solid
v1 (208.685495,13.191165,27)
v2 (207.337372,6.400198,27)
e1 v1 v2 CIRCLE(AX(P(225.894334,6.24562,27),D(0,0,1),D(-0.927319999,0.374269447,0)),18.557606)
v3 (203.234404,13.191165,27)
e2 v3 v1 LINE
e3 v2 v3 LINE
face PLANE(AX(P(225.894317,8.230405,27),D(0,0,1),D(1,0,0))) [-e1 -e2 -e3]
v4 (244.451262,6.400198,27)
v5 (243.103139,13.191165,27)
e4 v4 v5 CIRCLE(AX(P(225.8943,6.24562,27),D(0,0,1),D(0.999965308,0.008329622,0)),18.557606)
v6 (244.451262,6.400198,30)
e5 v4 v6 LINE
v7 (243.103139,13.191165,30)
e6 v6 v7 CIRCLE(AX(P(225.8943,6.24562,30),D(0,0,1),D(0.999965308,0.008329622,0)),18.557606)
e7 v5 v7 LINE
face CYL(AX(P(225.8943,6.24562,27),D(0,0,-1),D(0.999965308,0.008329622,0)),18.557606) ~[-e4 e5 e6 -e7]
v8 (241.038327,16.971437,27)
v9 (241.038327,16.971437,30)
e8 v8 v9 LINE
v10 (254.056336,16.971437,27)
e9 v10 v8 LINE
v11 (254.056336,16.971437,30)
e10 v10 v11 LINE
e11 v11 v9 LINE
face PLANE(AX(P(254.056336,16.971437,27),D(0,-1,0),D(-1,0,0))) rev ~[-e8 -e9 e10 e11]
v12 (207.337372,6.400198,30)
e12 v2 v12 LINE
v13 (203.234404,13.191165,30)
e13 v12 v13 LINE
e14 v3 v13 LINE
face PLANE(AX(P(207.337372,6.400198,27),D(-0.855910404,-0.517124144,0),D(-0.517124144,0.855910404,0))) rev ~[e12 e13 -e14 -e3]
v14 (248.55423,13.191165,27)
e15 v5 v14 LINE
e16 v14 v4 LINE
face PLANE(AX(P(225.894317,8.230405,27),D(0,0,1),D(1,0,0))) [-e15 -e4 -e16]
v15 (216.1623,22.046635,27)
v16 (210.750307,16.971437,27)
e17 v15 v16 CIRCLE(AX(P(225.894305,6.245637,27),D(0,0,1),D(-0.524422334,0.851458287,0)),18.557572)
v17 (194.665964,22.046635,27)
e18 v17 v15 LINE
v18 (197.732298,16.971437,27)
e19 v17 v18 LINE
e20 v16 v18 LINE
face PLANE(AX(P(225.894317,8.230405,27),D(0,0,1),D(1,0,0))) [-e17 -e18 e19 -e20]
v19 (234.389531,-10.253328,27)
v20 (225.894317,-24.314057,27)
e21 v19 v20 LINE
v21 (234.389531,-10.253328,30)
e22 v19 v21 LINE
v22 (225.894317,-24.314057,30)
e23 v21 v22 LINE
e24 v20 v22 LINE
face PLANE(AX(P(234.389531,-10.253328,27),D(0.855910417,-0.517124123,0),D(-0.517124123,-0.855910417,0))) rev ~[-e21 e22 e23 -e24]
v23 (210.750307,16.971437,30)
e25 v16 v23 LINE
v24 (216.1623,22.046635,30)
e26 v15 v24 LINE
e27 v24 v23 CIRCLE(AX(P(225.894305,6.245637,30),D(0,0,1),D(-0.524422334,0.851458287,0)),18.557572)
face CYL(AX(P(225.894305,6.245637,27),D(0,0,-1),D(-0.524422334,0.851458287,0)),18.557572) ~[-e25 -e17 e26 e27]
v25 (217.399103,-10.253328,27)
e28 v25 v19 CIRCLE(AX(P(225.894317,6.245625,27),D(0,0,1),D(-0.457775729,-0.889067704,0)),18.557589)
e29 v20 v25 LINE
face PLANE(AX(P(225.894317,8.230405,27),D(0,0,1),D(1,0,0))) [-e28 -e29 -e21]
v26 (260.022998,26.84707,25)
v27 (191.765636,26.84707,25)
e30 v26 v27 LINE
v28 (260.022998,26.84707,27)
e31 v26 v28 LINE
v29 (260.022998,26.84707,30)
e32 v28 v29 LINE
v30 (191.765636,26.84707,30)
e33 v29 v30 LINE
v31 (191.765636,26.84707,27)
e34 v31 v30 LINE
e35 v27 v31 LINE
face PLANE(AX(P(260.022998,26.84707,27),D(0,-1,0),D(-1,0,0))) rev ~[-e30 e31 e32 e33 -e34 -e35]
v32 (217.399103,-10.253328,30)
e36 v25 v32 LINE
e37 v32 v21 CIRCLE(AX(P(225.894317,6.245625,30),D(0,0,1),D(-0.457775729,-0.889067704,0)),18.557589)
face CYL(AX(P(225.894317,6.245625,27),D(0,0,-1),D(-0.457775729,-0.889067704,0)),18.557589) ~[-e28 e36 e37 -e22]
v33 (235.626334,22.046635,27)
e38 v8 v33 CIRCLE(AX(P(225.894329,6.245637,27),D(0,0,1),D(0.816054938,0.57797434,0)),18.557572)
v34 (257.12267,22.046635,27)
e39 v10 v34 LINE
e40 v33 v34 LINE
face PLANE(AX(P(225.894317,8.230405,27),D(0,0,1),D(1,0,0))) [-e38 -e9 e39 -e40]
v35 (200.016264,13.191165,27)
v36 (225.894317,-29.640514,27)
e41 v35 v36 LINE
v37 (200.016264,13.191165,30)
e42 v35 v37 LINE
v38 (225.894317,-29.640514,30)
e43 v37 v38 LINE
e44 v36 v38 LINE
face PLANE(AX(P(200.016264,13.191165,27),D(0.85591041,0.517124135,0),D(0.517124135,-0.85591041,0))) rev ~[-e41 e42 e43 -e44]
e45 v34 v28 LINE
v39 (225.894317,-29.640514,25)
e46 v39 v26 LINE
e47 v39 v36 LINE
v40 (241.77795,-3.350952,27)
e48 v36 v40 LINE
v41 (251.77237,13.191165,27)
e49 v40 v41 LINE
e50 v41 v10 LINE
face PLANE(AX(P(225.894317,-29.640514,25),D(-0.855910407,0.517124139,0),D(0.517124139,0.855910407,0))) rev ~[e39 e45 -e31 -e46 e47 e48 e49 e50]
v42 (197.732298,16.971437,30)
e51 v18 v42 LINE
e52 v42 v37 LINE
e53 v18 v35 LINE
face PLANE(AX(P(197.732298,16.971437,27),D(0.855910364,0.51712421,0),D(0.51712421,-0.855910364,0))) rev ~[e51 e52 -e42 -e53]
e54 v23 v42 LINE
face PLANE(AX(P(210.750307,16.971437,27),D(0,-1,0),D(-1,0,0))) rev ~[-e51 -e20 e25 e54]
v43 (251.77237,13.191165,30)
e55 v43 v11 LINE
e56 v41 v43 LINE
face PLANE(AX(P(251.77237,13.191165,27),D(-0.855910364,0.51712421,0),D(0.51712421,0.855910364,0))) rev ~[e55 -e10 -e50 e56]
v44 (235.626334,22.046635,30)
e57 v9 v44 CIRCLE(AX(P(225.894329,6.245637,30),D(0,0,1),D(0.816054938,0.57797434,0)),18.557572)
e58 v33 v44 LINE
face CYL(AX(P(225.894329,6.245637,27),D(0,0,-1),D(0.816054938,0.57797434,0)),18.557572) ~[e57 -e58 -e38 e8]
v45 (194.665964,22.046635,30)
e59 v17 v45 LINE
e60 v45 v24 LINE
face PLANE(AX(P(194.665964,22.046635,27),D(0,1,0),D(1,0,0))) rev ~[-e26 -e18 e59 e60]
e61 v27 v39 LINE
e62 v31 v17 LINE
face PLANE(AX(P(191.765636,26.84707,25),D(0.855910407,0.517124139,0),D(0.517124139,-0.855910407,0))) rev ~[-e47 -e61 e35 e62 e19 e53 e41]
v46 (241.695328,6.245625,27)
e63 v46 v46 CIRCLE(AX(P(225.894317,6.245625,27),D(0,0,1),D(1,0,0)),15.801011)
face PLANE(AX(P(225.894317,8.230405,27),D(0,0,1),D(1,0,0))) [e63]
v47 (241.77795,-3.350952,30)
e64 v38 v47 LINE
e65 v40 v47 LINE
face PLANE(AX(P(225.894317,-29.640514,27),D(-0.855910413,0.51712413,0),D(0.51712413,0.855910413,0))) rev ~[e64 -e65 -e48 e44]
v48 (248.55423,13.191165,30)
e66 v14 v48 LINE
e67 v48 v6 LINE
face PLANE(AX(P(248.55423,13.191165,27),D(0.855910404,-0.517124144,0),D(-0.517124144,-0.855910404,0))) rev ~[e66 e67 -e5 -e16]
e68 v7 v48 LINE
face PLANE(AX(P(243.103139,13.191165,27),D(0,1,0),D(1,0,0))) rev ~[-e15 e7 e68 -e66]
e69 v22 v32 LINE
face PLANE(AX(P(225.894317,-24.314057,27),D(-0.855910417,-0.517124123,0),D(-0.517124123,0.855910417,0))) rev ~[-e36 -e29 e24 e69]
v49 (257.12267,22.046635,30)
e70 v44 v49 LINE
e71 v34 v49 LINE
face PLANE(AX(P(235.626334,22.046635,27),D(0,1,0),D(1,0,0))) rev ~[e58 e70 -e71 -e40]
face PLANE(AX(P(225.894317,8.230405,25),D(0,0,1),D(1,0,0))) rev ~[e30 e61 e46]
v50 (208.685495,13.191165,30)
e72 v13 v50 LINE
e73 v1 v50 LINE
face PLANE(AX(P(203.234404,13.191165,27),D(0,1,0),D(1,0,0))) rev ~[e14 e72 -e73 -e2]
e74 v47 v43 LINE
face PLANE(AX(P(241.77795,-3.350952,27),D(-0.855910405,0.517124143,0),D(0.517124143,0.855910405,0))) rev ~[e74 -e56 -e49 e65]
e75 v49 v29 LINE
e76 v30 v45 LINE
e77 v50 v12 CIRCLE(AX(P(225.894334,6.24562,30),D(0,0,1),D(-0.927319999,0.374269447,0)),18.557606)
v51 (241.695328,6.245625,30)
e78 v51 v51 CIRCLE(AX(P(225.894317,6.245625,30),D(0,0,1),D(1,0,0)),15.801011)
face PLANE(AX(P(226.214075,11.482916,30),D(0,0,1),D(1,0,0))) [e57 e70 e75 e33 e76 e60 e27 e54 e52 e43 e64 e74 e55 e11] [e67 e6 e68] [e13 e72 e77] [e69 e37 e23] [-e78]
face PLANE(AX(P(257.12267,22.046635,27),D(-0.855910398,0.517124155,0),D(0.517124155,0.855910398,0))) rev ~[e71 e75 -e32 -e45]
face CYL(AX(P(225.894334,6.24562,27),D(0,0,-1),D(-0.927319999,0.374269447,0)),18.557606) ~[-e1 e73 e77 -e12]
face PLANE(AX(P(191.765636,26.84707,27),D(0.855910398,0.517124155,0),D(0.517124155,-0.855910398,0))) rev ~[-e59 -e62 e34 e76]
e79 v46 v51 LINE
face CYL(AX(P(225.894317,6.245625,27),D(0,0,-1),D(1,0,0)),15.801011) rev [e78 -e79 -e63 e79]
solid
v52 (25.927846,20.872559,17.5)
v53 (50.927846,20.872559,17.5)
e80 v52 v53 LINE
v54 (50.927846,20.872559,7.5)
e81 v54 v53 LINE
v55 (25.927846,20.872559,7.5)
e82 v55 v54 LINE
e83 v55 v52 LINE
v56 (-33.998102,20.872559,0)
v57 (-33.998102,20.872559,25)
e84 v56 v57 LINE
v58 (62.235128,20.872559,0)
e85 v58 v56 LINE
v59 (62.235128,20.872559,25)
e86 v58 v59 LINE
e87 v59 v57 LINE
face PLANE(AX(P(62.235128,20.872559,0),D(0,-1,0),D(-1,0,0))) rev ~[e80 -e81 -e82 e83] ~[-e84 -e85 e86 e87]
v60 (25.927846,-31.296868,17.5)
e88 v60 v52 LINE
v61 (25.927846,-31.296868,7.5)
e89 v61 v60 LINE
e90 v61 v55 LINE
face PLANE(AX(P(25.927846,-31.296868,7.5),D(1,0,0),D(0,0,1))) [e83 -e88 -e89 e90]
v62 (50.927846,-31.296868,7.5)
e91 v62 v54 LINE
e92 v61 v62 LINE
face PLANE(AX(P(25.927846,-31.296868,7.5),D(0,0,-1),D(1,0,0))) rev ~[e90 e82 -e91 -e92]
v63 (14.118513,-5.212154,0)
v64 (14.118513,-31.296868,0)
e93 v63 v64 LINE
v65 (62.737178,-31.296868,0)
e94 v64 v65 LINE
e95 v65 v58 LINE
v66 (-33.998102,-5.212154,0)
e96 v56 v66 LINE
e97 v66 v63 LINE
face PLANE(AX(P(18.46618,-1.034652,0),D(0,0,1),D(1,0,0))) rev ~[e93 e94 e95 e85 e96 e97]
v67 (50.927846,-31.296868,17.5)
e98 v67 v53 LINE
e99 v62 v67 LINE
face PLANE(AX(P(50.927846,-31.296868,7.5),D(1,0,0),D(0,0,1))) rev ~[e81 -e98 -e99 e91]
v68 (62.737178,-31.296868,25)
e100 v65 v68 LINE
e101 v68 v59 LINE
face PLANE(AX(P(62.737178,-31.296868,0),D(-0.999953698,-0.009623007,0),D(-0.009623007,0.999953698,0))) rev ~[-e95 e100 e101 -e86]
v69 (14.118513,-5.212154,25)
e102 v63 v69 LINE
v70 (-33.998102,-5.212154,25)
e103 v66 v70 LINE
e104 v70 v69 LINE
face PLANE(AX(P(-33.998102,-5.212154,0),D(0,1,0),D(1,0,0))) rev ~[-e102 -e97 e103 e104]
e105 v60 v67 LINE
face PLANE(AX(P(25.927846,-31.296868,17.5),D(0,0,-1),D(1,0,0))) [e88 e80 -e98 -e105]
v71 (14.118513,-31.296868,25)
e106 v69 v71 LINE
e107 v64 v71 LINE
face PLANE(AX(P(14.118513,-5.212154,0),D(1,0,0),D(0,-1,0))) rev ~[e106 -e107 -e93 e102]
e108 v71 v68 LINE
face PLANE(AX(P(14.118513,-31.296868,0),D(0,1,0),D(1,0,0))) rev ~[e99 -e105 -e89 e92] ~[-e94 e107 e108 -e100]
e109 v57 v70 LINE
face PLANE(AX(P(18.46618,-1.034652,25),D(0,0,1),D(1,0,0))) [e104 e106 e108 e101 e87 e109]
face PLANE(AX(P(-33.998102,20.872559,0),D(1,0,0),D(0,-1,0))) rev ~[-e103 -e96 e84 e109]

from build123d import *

# Parameters (mm, degrees)
F1_DEPTH = 25
F2_W     = 25
F2_H     = 10
F3_DEPTH = 52.170427
F5_DEPTH = 2
F6_R     = 15.801011
F7_DEPTH = 3


with BuildPart() as f1:
    # F0 (on Top) → F1 (new body)
    with BuildSketch(Plane.XY):
        Polygon((62.235128, 20.872559), (-33.998102, 20.872559), (-33.998102, -5.212154), (14.118513, -5.212154), (14.118513, -31.296868), (62.737178, -31.296868), align=None)
    extrude(amount=F1_DEPTH)

    # F2 (on face) → F3 (cut, through all)
    with BuildSketch(Plane.XZ.offset(31.296868)):
        with Locations((38.427846, 12.5)):
            Rectangle(F2_W, F2_H)
    extrude(amount=-F3_DEPTH, mode=Mode.SUBTRACT)


with BuildPart() as f5:
    # F4 (on face) → F5 (new body)
    with BuildSketch(Plane.XY.offset(25)):
        Polygon((191.765636, 26.84707), (225.894317, -29.640514), (260.022998, 26.84707), (225.894317, 26.84707), align=None)
    extrude(amount=F5_DEPTH)

    # F6 (on face) → F7 (join)
    with BuildSketch(Plane.XY.offset(27)):
        with BuildLine():
            Line((260.022998, 26.84707), (191.765636, 26.84707))
            Line((191.765636, 26.84707), (194.665964, 22.046635))
            Line((194.665964, 22.046635), (216.1623, 22.046635))
            ThreePointArc((216.1623, 22.046635), (213.200082, 19.78226), (210.750307, 16.971437))
            Line((210.750307, 16.971437), (197.732298, 16.971437))
            Line((197.732298, 16.971437), (200.016264, 13.191165))
            Line((200.016264, 13.191165), (225.894317, -29.640514))
            Line((225.894317, -29.640514), (241.77795, -3.350952))
            ThreePointArc((241.77795, -3.350952), (243.791512, 1.339047), (244.451262, 6.400198))
            ThreePointArc((244.451262, 6.400198), (244.096702, 9.859108), (243.103139, 13.191165))
            Line((243.103139, 13.191165), (248.55423, 13.191165))
            Line((248.55423, 13.191165), (251.77237, 13.191165))
            Line((251.77237, 13.191165), (254.056336, 16.971437))
            Line((254.056336, 16.971437), (241.038327, 16.971437))
            ThreePointArc((241.038327, 16.971437), (238.588552, 19.78226), (235.626334, 22.046635))
            Line((235.626334, 22.046635), (257.12267, 22.046635))
            Line((257.12267, 22.046635), (260.022998, 26.84707))
        make_face()
        with BuildLine():
            ThreePointArc((217.399103, -10.253328), (225.894317, -12.311964), (234.389531, -10.253328))
            Line((234.389531, -10.253328), (225.894317, -24.314057))
            Line((225.894317, -24.314057), (217.399103, -10.253328))
        make_face(mode=Mode.SUBTRACT)
        with BuildLine():
            Line((207.337372, 6.400198), (203.234404, 13.191165))
            Line((203.234404, 13.191165), (208.685495, 13.191165))
            ThreePointArc((208.685495, 13.191165), (207.691932, 9.859108), (207.337372, 6.400198))
        make_face(mode=Mode.SUBTRACT)
        with Locations((225.894317, 6.245625)):
            Circle(F6_R, mode=Mode.SUBTRACT)
        with BuildLine():
            Line((241.77795, -3.350952), (251.77237, 13.191165))
            Line((251.77237, 13.191165), (248.55423, 13.191165))
            Line((248.55423, 13.191165), (244.451262, 6.400198))
            ThreePointArc((244.451262, 6.400198), (243.791512, 1.339047), (241.77795, -3.350952))
        make_face()
    extrude(amount=F7_DEPTH)


solid = Compound([f1.part, f5.part])
